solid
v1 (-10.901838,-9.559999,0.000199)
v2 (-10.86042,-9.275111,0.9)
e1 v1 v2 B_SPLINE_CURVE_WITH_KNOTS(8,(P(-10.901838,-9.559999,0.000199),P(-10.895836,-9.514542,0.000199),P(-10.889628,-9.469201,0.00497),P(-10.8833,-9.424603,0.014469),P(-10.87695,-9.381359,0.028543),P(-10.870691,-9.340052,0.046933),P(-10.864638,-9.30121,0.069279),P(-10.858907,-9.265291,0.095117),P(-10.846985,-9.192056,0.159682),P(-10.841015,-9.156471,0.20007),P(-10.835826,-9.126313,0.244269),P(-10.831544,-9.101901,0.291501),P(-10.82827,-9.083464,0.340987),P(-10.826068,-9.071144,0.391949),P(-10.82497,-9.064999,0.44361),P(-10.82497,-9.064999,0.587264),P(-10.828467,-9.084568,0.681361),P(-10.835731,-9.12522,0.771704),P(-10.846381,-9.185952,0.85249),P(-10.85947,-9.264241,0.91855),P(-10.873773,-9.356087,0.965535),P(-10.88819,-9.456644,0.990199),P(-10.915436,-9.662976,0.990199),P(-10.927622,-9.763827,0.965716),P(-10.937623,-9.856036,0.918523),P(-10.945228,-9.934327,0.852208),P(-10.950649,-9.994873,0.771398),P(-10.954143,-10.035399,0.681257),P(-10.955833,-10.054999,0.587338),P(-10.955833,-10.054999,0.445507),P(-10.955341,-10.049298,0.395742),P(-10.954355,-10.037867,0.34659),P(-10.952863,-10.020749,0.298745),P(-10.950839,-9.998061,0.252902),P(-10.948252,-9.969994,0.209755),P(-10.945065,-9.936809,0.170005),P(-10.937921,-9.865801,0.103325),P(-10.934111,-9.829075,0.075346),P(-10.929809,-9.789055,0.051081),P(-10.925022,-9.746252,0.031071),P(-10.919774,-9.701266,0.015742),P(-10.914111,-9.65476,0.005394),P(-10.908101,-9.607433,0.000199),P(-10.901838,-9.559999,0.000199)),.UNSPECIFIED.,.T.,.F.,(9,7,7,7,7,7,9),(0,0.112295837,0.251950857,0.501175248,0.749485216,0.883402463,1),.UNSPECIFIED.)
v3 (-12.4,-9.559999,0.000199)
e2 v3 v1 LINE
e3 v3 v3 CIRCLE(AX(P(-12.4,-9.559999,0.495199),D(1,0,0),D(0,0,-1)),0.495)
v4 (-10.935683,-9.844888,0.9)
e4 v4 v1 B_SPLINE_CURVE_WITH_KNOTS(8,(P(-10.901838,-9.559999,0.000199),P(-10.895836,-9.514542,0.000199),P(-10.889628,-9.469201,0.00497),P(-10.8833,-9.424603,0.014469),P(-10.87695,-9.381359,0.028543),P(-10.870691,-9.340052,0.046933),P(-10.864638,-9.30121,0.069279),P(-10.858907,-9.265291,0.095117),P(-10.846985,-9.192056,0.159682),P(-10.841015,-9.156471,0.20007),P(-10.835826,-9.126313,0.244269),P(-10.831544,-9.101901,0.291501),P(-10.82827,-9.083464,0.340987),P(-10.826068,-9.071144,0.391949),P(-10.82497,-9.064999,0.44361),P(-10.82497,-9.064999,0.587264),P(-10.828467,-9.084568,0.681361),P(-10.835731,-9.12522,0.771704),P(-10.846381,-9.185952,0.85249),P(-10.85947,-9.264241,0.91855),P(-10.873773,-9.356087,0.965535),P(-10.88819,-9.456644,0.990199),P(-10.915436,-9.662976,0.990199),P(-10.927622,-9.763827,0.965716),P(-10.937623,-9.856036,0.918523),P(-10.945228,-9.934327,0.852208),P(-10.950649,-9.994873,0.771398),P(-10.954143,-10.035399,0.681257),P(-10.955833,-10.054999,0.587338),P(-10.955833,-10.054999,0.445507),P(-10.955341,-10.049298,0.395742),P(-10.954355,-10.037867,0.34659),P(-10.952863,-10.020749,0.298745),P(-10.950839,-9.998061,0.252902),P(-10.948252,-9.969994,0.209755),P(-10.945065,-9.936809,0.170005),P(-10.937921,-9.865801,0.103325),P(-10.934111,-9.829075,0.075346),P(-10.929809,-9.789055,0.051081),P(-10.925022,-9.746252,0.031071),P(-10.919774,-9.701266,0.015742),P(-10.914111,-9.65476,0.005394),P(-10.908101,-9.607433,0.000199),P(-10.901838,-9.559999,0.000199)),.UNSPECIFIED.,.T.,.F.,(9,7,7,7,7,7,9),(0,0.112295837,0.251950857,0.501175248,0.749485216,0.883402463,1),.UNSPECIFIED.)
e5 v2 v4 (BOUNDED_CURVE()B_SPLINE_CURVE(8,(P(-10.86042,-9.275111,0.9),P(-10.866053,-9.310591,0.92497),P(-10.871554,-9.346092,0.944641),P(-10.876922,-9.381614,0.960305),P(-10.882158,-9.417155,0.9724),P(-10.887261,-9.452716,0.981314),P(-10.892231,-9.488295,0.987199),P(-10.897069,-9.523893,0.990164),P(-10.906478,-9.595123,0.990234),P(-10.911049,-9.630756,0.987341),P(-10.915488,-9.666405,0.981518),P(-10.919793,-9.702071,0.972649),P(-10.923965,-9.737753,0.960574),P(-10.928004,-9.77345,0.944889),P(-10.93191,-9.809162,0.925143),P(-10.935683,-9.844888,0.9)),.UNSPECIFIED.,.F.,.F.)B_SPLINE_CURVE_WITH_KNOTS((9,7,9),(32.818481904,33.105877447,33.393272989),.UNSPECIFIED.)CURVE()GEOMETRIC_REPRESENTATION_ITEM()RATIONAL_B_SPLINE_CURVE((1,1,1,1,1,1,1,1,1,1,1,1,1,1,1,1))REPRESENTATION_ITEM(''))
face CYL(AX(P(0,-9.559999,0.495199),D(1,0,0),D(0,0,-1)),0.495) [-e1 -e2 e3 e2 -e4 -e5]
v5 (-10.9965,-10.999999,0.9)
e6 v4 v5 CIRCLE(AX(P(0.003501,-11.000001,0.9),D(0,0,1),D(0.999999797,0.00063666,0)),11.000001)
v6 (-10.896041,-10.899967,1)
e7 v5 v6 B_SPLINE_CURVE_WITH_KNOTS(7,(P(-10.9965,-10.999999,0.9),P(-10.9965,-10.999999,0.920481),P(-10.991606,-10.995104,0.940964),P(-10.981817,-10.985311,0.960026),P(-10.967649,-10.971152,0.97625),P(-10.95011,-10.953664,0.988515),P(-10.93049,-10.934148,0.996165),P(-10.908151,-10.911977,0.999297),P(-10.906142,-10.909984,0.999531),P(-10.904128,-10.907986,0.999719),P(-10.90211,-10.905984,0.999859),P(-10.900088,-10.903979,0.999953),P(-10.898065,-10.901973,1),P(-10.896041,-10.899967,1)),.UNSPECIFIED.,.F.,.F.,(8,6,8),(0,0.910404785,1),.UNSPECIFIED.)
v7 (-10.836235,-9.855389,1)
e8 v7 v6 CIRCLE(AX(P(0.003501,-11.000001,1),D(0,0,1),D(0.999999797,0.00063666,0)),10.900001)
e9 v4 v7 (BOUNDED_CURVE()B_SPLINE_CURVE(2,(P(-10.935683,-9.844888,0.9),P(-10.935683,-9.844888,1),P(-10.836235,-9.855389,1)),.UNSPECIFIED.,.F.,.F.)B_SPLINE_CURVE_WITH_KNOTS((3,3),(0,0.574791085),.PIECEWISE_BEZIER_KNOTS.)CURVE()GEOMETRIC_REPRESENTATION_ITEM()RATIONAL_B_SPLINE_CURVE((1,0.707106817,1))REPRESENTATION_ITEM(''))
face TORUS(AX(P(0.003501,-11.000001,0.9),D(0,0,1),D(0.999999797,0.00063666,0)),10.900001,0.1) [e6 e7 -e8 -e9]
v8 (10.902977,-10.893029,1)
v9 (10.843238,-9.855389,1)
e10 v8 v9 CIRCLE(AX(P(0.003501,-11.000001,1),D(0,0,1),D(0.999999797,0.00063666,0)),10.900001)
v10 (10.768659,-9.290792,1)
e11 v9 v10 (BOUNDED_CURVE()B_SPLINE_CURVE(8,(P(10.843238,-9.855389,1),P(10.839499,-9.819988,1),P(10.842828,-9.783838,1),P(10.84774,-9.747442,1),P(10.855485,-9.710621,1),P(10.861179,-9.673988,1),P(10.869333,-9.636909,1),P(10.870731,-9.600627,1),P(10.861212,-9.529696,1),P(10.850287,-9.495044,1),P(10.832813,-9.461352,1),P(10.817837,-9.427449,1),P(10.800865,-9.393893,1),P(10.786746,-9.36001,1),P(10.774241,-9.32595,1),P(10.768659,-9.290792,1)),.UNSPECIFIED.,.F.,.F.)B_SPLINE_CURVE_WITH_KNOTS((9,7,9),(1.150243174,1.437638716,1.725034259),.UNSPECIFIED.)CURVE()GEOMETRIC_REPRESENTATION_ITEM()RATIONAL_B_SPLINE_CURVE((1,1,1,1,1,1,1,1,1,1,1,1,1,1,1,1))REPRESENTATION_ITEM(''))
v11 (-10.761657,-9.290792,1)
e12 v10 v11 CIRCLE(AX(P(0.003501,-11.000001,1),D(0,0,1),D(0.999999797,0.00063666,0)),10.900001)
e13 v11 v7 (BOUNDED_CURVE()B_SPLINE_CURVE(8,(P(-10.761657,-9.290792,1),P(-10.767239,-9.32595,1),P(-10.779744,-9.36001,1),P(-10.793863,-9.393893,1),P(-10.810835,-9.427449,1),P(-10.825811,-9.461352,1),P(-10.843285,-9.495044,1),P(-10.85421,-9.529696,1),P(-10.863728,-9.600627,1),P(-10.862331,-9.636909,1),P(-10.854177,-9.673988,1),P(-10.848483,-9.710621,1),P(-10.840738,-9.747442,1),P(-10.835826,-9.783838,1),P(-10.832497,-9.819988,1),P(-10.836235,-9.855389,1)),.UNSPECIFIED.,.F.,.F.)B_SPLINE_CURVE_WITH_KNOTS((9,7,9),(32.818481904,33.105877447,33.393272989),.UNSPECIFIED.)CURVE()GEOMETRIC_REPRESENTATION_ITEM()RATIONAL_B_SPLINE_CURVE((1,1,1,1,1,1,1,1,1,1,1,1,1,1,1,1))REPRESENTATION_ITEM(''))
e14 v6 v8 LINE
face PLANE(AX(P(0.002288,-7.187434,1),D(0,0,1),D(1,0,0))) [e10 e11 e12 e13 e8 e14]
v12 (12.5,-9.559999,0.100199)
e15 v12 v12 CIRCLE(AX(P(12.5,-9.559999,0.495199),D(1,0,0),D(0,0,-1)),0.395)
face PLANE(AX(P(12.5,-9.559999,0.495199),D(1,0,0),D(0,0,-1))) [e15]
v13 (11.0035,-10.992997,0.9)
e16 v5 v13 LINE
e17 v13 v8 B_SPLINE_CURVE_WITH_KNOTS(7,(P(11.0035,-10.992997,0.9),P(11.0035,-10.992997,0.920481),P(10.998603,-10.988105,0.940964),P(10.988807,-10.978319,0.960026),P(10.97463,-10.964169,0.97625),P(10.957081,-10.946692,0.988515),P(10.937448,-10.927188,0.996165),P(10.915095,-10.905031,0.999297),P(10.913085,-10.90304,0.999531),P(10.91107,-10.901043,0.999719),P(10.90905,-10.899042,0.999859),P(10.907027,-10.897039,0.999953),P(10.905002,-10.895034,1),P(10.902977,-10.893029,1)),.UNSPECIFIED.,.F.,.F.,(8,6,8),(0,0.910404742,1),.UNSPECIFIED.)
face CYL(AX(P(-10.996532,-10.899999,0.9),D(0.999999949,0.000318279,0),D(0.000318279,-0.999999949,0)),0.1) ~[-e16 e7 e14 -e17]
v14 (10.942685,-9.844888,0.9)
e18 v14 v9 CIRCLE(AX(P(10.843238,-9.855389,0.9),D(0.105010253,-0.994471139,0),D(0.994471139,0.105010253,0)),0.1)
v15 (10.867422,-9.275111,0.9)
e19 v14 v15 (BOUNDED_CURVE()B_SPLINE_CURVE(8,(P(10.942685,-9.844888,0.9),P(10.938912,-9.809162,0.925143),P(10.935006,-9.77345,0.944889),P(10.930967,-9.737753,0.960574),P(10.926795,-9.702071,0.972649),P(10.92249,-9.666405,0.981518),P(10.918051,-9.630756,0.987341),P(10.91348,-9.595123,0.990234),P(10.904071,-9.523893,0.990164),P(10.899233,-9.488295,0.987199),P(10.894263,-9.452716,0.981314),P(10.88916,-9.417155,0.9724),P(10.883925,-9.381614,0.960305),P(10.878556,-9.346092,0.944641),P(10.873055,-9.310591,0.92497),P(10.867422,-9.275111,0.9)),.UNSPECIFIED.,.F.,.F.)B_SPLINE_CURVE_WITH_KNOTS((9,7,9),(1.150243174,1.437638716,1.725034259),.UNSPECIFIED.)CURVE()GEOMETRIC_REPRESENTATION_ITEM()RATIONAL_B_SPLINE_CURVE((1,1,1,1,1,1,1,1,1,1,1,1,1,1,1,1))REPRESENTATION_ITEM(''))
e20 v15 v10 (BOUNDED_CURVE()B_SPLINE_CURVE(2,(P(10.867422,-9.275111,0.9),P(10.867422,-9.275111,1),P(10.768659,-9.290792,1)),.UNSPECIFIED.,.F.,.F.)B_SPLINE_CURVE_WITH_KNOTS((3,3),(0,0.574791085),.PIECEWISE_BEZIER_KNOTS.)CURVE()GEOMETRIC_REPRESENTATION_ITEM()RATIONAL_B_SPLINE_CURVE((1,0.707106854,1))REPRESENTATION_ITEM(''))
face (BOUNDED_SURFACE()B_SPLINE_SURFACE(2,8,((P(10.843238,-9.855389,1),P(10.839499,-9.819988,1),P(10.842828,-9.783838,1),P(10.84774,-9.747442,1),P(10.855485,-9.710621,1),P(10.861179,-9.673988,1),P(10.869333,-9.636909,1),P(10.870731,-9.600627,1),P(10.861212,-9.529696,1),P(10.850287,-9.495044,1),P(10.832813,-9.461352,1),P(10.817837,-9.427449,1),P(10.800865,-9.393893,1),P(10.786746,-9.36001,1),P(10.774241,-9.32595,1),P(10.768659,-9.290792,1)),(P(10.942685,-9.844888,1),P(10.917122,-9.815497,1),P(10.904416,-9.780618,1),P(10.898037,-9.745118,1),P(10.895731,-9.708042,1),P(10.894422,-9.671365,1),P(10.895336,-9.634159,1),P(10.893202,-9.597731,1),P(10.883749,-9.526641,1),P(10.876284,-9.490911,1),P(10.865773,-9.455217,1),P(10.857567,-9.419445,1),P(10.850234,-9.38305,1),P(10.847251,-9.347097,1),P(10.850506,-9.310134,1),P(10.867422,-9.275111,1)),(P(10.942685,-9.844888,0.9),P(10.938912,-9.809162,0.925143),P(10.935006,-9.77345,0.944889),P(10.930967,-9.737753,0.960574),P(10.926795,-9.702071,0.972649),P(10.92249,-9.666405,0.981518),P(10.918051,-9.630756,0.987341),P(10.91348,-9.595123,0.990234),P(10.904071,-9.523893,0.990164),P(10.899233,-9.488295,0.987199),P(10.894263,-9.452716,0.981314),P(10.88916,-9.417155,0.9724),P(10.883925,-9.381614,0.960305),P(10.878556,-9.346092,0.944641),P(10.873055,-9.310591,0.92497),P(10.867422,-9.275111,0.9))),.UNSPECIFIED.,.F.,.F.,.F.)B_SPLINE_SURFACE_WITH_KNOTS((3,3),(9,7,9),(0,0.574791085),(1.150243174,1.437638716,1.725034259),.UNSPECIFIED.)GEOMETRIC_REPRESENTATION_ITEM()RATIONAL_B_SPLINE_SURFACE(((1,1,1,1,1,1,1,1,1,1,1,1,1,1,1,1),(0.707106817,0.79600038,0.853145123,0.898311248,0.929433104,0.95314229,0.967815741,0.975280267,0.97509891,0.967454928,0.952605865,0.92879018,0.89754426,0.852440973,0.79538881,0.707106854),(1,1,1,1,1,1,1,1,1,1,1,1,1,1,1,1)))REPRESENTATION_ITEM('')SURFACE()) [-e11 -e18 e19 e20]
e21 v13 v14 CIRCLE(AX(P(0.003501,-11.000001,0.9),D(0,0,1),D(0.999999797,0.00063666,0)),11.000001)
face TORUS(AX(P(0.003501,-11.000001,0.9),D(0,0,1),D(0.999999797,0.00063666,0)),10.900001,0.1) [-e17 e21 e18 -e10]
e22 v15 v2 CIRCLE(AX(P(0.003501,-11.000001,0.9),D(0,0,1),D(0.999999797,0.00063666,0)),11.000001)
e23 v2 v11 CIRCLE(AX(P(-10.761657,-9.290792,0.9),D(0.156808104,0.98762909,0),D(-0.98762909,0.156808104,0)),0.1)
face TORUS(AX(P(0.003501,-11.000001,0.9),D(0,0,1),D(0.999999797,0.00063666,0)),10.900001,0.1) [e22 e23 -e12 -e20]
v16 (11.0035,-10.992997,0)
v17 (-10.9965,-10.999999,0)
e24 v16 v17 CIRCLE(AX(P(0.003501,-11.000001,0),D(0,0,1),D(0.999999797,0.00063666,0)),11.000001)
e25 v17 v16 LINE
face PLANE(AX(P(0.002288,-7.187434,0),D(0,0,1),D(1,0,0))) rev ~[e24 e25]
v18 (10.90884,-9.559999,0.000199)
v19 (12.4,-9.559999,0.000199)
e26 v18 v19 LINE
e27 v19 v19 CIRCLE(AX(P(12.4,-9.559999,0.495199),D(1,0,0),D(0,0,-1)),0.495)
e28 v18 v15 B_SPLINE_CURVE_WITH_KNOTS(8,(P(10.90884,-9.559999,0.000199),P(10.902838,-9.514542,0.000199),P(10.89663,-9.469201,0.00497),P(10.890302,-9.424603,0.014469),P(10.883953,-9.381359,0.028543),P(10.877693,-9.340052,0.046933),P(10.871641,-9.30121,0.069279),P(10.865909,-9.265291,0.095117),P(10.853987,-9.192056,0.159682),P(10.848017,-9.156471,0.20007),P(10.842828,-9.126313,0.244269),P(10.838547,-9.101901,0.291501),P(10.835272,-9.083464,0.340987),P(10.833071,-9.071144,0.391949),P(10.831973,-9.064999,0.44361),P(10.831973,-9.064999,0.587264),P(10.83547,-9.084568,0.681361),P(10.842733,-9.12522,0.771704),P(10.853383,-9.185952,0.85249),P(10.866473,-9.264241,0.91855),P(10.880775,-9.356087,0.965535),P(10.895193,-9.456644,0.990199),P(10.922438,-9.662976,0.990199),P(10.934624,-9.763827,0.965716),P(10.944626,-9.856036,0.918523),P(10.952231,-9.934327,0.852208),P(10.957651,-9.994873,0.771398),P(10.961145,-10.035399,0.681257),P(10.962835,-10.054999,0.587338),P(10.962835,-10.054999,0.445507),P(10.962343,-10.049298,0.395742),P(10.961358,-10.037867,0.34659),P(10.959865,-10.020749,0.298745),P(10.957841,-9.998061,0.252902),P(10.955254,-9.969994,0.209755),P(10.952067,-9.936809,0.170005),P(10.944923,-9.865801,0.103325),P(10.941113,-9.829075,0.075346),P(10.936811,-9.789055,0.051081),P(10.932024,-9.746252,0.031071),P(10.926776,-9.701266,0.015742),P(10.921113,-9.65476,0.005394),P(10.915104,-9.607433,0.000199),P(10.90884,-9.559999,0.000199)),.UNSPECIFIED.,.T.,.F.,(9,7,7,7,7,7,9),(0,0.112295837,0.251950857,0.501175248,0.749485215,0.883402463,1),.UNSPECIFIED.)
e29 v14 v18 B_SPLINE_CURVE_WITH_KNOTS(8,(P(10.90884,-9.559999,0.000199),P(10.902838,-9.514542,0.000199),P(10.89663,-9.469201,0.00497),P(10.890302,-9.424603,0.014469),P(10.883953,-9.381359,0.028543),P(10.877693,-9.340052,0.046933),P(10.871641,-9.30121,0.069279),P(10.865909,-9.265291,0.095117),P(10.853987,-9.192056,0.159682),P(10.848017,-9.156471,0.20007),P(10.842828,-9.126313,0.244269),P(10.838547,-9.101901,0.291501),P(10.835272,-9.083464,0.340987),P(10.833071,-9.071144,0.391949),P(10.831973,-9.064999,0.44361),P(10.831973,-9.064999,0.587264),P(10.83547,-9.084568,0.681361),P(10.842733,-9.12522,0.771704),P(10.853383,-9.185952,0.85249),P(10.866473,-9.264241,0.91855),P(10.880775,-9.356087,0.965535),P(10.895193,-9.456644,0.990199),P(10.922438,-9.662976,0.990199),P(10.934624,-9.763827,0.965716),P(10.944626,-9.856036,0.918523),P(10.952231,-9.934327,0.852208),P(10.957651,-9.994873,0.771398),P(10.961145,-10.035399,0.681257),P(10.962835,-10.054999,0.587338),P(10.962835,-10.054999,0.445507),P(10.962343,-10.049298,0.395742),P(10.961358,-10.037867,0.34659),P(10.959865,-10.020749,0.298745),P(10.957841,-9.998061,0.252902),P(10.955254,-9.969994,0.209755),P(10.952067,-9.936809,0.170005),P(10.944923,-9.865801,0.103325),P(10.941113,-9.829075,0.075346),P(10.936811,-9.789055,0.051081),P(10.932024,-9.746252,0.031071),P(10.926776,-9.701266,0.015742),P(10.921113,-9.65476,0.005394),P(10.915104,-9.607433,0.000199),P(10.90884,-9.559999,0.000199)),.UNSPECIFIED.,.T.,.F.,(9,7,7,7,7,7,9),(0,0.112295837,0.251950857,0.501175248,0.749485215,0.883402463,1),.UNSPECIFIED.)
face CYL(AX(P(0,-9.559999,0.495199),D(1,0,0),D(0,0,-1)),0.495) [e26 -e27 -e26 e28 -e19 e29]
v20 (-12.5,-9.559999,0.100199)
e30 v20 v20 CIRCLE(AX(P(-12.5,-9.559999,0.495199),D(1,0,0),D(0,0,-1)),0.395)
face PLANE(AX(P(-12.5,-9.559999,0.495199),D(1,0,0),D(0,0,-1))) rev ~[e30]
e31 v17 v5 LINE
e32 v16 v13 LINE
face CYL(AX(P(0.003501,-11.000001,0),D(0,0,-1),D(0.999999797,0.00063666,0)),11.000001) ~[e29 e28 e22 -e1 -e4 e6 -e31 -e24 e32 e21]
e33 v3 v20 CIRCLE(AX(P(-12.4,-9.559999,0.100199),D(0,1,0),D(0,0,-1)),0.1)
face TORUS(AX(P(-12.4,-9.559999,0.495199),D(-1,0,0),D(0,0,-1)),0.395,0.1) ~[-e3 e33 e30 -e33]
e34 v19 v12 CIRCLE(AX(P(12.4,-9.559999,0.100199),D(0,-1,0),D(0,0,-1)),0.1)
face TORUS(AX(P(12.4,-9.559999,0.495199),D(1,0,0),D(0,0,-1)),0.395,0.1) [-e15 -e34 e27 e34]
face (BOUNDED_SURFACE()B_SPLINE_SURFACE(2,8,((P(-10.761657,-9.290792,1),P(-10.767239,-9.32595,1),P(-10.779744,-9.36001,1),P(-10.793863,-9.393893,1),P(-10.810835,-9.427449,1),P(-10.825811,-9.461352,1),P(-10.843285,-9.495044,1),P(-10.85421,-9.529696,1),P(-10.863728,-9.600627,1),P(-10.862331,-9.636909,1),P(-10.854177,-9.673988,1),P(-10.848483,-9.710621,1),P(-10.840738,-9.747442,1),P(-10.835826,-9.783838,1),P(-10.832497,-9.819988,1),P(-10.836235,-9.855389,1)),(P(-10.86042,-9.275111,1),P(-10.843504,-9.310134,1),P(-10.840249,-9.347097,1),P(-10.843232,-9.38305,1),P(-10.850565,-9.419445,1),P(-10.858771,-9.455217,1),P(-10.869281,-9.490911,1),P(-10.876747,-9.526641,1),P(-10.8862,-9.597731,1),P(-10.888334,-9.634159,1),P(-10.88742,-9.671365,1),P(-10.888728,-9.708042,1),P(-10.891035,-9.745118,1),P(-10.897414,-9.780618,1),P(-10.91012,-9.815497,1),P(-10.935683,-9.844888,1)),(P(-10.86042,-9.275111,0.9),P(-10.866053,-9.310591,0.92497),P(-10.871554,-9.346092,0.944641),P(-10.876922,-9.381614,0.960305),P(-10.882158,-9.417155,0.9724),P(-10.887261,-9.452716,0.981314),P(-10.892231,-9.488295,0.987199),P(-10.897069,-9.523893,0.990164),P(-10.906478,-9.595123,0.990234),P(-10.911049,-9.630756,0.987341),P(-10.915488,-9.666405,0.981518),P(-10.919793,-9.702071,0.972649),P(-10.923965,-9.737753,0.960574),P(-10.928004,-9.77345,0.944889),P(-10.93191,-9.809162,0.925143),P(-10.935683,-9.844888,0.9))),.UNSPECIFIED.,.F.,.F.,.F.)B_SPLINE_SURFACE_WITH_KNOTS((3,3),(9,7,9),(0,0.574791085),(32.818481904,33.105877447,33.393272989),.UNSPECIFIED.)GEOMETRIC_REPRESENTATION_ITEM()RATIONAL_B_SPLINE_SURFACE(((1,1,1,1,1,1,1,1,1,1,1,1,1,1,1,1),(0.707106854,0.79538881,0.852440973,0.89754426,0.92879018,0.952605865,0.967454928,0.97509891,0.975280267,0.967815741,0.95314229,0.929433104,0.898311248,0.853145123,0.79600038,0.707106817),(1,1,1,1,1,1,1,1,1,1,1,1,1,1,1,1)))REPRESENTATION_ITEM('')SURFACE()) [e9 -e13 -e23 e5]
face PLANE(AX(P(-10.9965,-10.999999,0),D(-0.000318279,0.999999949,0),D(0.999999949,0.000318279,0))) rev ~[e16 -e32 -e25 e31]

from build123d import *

# Parameters (mm, degrees)
BOSS_EXTRUDE1_DEPTH = 1
SKETCH2_R           = 0.495
BOSS_EXTRUDE2_DEPTH = 12.5
FILLET1_R           = 0.1
FILLET7_R           = 0.1


with BuildPart() as part:
    # Sketch1 → Boss-Extrude1 (new body)
    with BuildSketch(Plane.XY):
        with BuildLine():
            Line((-10.996500042, -10.999999443), (11.003499958, -10.992997297))
            ThreePointArc((11.003499958, -10.992997297), (0, -3e-09), (-10.996500042, -10.999999443))
        make_face()
    extrude(amount=BOSS_EXTRUDE1_DEPTH)

    # Sketch2 → Boss-Extrude2 (add, symmetric)
    with BuildSketch(Plane(origin=(0, 0, 0), x_dir=(0, 0, -1), z_dir=(1, 0, 0))):
        with Locations((-0.495199191, -9.559999443)):
            Circle(SKETCH2_R)
    extrude(amount=BOSS_EXTRUDE2_DEPTH, both=True)

    # Fillet1
    fillet1_edges = [part.edges().sort_by_distance(p)[0] for p in [
        (12.5, -9.559999443, 0.990199191),
        (-12.5, -9.559999443, 0.990199191),
    ]]
    fillet(fillet1_edges, radius=FILLET1_R)

    # Fillet7
    fillet7_edges = [part.edges().sort_by_distance(p)[0] for p in [
        (0, -3e-09, 1),
        (0.003499958, -10.99649837, 1),
    ]]
    fillet(fillet7_edges, radius=FILLET7_R)


solid = part.part
